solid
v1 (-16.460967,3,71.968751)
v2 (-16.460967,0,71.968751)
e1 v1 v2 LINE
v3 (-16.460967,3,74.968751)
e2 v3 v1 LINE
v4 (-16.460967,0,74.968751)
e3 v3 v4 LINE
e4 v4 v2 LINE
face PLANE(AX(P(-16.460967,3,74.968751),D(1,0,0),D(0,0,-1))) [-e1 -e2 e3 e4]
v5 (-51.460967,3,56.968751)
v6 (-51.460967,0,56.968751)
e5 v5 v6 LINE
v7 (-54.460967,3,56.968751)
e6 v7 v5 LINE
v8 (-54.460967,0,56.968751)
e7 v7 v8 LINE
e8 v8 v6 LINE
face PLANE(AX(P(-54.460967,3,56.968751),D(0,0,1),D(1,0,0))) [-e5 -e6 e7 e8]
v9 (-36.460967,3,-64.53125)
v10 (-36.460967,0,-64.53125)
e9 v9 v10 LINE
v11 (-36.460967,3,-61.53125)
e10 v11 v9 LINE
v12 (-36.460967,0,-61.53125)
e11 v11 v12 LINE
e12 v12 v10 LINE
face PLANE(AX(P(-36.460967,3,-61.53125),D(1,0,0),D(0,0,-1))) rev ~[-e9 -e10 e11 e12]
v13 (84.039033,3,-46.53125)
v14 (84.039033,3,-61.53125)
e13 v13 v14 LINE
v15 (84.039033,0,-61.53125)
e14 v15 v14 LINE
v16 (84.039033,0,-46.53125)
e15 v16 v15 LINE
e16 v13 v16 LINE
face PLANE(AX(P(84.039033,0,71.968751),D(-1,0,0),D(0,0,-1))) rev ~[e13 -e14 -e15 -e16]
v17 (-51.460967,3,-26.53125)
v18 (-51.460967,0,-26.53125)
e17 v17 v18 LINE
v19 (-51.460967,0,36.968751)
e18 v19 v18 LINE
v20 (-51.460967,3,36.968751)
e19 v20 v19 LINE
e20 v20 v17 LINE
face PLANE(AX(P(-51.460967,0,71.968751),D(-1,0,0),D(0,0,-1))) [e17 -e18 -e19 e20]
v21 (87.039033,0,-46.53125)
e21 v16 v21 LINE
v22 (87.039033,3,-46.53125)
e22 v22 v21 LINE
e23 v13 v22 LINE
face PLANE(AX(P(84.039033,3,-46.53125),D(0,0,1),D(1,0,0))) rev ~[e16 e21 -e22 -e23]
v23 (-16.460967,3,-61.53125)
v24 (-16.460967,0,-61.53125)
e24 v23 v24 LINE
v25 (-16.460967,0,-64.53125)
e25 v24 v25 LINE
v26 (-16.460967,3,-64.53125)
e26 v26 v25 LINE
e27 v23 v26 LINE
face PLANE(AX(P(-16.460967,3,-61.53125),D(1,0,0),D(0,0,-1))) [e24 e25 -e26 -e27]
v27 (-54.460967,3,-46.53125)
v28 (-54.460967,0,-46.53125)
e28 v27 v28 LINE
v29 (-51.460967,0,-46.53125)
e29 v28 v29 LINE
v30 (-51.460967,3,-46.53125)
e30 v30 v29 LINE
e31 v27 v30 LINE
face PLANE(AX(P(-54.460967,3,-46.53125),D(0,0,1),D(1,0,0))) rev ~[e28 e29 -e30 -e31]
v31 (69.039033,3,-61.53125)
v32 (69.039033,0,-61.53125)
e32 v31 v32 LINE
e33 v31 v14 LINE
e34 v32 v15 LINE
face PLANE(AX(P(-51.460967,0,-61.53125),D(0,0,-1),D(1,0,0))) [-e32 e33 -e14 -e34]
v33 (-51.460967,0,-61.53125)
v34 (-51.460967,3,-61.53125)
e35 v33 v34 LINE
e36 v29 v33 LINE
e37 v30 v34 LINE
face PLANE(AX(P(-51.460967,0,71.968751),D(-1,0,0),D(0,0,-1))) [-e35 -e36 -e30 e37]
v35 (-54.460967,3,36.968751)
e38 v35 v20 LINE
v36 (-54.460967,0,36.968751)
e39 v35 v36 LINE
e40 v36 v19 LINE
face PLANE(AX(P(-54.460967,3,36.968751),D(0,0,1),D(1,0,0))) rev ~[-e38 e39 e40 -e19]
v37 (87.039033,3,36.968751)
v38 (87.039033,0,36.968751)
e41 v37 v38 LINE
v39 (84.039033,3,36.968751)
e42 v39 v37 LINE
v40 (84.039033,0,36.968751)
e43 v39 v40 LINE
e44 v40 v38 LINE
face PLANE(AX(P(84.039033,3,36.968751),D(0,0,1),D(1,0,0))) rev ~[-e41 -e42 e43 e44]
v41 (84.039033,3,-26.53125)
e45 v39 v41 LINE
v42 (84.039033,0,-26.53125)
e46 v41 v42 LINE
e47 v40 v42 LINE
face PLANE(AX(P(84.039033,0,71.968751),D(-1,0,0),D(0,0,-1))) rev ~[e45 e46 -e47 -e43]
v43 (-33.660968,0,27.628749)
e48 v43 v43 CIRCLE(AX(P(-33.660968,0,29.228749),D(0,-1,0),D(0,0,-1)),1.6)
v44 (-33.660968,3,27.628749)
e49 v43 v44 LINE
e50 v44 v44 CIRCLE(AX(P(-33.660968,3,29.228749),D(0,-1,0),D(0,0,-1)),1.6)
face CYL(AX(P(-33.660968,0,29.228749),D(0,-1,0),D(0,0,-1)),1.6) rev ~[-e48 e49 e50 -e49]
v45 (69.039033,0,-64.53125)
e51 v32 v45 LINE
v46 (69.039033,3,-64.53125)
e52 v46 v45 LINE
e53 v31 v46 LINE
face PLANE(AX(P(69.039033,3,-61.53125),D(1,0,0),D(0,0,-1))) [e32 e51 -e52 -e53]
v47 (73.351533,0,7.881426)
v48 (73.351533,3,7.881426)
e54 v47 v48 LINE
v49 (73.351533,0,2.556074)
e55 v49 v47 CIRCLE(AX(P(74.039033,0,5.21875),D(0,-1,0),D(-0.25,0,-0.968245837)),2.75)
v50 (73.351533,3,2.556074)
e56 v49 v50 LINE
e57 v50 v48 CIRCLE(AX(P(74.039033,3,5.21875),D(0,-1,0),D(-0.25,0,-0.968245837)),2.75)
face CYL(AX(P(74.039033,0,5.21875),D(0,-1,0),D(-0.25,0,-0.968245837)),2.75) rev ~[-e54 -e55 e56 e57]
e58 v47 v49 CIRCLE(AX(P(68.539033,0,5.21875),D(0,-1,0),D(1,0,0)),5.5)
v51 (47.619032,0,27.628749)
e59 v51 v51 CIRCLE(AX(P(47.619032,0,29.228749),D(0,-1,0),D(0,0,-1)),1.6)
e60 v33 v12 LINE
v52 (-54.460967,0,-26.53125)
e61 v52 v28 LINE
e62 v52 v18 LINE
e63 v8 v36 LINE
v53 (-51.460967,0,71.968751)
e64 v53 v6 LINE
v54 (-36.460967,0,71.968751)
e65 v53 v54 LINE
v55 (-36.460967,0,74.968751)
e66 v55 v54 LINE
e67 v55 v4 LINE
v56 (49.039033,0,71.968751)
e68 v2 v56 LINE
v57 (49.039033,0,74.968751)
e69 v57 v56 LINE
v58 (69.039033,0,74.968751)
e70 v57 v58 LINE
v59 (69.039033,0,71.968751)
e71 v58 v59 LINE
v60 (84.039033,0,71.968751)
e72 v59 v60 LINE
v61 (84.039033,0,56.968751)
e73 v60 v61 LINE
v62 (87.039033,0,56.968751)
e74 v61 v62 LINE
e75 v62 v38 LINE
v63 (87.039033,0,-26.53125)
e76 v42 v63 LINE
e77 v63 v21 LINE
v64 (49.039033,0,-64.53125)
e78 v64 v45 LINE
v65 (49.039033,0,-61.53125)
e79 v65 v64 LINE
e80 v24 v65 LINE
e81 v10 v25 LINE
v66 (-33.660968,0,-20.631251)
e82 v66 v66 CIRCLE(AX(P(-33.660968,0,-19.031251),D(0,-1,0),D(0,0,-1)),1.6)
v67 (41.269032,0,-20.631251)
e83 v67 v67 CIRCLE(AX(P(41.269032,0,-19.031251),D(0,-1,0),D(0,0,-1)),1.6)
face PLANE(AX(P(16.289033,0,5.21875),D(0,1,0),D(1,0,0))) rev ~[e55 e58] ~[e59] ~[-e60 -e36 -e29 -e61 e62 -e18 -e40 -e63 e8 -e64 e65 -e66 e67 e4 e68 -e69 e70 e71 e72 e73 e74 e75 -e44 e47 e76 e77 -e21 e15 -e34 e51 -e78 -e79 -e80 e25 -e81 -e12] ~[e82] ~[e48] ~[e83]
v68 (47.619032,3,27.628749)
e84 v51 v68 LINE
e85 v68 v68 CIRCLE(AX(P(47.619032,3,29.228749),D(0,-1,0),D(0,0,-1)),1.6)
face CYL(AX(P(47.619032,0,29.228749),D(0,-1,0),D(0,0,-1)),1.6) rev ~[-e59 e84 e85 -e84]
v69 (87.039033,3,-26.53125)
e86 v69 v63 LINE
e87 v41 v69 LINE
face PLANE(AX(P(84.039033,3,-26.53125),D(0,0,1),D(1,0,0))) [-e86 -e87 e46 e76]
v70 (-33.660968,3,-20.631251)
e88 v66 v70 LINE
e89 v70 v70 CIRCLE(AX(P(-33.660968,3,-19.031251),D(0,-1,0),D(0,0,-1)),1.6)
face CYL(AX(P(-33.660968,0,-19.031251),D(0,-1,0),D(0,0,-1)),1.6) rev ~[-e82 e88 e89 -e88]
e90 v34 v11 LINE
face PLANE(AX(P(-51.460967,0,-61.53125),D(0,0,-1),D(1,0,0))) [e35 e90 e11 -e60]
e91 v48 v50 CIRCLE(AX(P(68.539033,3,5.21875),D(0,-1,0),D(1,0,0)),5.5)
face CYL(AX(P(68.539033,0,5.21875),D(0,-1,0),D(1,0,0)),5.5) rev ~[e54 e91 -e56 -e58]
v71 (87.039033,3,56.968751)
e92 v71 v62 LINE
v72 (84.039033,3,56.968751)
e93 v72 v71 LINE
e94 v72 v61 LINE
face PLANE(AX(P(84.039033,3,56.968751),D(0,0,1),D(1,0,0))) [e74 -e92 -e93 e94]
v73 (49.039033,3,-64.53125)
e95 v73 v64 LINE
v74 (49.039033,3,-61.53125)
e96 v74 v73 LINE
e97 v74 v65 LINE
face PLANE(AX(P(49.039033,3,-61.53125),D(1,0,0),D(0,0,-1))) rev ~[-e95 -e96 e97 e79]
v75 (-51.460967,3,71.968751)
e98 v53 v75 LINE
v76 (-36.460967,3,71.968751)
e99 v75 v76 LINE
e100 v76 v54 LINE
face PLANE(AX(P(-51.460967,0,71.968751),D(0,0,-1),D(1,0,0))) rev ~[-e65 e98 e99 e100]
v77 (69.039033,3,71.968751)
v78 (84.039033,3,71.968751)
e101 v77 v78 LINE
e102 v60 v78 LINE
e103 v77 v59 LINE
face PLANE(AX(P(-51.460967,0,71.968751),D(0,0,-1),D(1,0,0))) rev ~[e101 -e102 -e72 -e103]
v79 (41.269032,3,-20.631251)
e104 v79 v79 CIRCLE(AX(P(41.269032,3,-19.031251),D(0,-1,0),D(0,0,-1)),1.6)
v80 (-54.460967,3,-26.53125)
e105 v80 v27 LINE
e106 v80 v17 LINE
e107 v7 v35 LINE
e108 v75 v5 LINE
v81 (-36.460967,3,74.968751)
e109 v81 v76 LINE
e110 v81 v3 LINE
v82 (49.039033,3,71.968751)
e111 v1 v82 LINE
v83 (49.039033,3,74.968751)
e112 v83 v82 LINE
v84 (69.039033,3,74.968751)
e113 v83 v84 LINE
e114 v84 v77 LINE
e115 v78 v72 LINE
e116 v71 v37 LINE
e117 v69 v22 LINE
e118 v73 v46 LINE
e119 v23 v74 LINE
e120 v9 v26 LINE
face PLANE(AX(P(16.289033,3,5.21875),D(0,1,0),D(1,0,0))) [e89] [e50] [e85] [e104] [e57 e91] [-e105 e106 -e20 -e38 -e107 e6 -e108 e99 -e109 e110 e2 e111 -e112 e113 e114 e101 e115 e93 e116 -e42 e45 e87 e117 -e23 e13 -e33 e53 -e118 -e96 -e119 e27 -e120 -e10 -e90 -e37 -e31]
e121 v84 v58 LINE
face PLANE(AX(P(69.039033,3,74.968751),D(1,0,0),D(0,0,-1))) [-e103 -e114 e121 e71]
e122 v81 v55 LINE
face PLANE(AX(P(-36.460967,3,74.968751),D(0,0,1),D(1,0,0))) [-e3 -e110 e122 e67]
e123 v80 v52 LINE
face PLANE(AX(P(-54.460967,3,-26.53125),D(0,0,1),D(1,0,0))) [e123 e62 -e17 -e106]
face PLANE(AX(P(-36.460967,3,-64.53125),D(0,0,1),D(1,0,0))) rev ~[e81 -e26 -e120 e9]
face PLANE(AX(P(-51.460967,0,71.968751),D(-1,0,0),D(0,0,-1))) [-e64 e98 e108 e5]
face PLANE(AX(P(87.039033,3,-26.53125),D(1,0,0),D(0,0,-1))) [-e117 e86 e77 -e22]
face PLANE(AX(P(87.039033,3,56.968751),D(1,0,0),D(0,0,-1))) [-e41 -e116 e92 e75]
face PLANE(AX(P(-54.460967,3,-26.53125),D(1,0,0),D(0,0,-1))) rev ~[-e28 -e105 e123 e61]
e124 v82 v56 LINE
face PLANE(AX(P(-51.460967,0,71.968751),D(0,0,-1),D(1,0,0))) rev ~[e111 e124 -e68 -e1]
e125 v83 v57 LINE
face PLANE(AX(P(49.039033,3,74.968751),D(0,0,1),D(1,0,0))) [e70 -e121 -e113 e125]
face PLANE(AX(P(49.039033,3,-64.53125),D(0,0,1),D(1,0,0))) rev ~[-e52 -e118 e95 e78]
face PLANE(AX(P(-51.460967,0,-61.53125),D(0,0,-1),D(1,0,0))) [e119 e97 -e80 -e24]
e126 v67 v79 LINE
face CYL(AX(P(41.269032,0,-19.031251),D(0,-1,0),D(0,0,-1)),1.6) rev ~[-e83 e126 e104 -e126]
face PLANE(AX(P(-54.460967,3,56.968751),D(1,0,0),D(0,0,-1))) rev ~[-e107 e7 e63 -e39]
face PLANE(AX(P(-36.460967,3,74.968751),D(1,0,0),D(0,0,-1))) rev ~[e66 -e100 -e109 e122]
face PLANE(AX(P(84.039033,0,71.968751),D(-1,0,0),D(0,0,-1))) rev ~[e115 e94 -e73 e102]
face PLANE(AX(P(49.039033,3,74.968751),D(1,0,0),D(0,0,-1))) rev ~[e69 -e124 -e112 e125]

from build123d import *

# Parameters (mm, degrees)
SKETCH1_W           = 135.499999433
SKETCH1_H           = 133.500000387
BOSS_EXTRUDE1_DEPTH = 3
SKETCH2_W           = 3
SKETCH2_H           = 20
SKETCH2_W_2         = 20
SKETCH2_H_2         = 3
BOSS_EXTRUDE2_DEPTH = 3
SKETCH3_R           = 1.6
CUT_EXTRUDE1_DEPTH  = 115.913475286
SKETCH4_R           = 5.5
SKETCH4_R_2         = 2.75
CUT_EXTRUDE2_DEPTH  = 115.913475286


with BuildPart() as part:
    # Sketch1 → Boss-Extrude1 (new body)
    with BuildSketch(Plane(origin=(0, 0, 0), x_dir=(1, 0, 0), z_dir=(0, 1, 0))):
        with Locations((16.289033152, -5.21875036)):
            Rectangle(SKETCH1_W, SKETCH1_H)
    extrude(amount=BOSS_EXTRUDE1_DEPTH)

    # Sketch2 → Boss-Extrude2 (add, through all)
    with BuildSketch(Plane(origin=(0, 3, 0), x_dir=(1, 0, 0), z_dir=(0, 1, 0))):
        with Locations((85.539032868, 36.531249834)):
            Rectangle(SKETCH2_W, SKETCH2_H)
        with Locations((85.539032868, -46.968750553)):
            Rectangle(SKETCH2_W, SKETCH2_H)
        with Locations((59.039032868, 63.031249834)):
            Rectangle(SKETCH2_W_2, SKETCH2_H_2)
        with Locations((-26.460966565, 63.031249834)):
            Rectangle(SKETCH2_W_2, SKETCH2_H_2)
        with Locations((-52.960966565, 36.531249834)):
            Rectangle(SKETCH2_W, SKETCH2_H)
        with Locations((-52.960966565, -46.968750553)):
            Rectangle(SKETCH2_W, SKETCH2_H)
        with Locations((-26.460966565, -73.468750553)):
            Rectangle(SKETCH2_W_2, SKETCH2_H_2)
        with Locations((59.039032868, -73.468750553)):
            Rectangle(SKETCH2_W_2, SKETCH2_H_2)
    extrude(amount=-BOSS_EXTRUDE2_DEPTH)

    # Sketch3 → Cut-Extrude1 (cut, through all)
    with BuildSketch(Plane.XZ):
        with Locations(Location((-33.660968451, 29.22874915, 0), (0, 0, 270))):
            Circle(SKETCH3_R)
        with Locations(Location((47.619031549, 29.22874915, 0), (0, 0, 270))):
            Circle(SKETCH3_R)
        with Locations(Location((41.269031549, -19.03125085, 0), (0, 0, 270))):
            Circle(SKETCH3_R)
        with Locations(Location((-33.660968451, -19.03125085, 0), (0, 0, 270))):
            Circle(SKETCH3_R)
    extrude(amount=-CUT_EXTRUDE1_DEPTH, mode=Mode.SUBTRACT)

    # Sketch4 → Cut-Extrude2 (cut, through all)
    with BuildSketch(Plane.XZ):
        with Locations((68.539032868, 5.21875036)):
            Circle(SKETCH4_R)
        with Locations((74.039032868, 5.21875036)):
            Circle(SKETCH4_R_2)
    extrude(amount=-CUT_EXTRUDE2_DEPTH, mode=Mode.SUBTRACT)


solid = part.part
